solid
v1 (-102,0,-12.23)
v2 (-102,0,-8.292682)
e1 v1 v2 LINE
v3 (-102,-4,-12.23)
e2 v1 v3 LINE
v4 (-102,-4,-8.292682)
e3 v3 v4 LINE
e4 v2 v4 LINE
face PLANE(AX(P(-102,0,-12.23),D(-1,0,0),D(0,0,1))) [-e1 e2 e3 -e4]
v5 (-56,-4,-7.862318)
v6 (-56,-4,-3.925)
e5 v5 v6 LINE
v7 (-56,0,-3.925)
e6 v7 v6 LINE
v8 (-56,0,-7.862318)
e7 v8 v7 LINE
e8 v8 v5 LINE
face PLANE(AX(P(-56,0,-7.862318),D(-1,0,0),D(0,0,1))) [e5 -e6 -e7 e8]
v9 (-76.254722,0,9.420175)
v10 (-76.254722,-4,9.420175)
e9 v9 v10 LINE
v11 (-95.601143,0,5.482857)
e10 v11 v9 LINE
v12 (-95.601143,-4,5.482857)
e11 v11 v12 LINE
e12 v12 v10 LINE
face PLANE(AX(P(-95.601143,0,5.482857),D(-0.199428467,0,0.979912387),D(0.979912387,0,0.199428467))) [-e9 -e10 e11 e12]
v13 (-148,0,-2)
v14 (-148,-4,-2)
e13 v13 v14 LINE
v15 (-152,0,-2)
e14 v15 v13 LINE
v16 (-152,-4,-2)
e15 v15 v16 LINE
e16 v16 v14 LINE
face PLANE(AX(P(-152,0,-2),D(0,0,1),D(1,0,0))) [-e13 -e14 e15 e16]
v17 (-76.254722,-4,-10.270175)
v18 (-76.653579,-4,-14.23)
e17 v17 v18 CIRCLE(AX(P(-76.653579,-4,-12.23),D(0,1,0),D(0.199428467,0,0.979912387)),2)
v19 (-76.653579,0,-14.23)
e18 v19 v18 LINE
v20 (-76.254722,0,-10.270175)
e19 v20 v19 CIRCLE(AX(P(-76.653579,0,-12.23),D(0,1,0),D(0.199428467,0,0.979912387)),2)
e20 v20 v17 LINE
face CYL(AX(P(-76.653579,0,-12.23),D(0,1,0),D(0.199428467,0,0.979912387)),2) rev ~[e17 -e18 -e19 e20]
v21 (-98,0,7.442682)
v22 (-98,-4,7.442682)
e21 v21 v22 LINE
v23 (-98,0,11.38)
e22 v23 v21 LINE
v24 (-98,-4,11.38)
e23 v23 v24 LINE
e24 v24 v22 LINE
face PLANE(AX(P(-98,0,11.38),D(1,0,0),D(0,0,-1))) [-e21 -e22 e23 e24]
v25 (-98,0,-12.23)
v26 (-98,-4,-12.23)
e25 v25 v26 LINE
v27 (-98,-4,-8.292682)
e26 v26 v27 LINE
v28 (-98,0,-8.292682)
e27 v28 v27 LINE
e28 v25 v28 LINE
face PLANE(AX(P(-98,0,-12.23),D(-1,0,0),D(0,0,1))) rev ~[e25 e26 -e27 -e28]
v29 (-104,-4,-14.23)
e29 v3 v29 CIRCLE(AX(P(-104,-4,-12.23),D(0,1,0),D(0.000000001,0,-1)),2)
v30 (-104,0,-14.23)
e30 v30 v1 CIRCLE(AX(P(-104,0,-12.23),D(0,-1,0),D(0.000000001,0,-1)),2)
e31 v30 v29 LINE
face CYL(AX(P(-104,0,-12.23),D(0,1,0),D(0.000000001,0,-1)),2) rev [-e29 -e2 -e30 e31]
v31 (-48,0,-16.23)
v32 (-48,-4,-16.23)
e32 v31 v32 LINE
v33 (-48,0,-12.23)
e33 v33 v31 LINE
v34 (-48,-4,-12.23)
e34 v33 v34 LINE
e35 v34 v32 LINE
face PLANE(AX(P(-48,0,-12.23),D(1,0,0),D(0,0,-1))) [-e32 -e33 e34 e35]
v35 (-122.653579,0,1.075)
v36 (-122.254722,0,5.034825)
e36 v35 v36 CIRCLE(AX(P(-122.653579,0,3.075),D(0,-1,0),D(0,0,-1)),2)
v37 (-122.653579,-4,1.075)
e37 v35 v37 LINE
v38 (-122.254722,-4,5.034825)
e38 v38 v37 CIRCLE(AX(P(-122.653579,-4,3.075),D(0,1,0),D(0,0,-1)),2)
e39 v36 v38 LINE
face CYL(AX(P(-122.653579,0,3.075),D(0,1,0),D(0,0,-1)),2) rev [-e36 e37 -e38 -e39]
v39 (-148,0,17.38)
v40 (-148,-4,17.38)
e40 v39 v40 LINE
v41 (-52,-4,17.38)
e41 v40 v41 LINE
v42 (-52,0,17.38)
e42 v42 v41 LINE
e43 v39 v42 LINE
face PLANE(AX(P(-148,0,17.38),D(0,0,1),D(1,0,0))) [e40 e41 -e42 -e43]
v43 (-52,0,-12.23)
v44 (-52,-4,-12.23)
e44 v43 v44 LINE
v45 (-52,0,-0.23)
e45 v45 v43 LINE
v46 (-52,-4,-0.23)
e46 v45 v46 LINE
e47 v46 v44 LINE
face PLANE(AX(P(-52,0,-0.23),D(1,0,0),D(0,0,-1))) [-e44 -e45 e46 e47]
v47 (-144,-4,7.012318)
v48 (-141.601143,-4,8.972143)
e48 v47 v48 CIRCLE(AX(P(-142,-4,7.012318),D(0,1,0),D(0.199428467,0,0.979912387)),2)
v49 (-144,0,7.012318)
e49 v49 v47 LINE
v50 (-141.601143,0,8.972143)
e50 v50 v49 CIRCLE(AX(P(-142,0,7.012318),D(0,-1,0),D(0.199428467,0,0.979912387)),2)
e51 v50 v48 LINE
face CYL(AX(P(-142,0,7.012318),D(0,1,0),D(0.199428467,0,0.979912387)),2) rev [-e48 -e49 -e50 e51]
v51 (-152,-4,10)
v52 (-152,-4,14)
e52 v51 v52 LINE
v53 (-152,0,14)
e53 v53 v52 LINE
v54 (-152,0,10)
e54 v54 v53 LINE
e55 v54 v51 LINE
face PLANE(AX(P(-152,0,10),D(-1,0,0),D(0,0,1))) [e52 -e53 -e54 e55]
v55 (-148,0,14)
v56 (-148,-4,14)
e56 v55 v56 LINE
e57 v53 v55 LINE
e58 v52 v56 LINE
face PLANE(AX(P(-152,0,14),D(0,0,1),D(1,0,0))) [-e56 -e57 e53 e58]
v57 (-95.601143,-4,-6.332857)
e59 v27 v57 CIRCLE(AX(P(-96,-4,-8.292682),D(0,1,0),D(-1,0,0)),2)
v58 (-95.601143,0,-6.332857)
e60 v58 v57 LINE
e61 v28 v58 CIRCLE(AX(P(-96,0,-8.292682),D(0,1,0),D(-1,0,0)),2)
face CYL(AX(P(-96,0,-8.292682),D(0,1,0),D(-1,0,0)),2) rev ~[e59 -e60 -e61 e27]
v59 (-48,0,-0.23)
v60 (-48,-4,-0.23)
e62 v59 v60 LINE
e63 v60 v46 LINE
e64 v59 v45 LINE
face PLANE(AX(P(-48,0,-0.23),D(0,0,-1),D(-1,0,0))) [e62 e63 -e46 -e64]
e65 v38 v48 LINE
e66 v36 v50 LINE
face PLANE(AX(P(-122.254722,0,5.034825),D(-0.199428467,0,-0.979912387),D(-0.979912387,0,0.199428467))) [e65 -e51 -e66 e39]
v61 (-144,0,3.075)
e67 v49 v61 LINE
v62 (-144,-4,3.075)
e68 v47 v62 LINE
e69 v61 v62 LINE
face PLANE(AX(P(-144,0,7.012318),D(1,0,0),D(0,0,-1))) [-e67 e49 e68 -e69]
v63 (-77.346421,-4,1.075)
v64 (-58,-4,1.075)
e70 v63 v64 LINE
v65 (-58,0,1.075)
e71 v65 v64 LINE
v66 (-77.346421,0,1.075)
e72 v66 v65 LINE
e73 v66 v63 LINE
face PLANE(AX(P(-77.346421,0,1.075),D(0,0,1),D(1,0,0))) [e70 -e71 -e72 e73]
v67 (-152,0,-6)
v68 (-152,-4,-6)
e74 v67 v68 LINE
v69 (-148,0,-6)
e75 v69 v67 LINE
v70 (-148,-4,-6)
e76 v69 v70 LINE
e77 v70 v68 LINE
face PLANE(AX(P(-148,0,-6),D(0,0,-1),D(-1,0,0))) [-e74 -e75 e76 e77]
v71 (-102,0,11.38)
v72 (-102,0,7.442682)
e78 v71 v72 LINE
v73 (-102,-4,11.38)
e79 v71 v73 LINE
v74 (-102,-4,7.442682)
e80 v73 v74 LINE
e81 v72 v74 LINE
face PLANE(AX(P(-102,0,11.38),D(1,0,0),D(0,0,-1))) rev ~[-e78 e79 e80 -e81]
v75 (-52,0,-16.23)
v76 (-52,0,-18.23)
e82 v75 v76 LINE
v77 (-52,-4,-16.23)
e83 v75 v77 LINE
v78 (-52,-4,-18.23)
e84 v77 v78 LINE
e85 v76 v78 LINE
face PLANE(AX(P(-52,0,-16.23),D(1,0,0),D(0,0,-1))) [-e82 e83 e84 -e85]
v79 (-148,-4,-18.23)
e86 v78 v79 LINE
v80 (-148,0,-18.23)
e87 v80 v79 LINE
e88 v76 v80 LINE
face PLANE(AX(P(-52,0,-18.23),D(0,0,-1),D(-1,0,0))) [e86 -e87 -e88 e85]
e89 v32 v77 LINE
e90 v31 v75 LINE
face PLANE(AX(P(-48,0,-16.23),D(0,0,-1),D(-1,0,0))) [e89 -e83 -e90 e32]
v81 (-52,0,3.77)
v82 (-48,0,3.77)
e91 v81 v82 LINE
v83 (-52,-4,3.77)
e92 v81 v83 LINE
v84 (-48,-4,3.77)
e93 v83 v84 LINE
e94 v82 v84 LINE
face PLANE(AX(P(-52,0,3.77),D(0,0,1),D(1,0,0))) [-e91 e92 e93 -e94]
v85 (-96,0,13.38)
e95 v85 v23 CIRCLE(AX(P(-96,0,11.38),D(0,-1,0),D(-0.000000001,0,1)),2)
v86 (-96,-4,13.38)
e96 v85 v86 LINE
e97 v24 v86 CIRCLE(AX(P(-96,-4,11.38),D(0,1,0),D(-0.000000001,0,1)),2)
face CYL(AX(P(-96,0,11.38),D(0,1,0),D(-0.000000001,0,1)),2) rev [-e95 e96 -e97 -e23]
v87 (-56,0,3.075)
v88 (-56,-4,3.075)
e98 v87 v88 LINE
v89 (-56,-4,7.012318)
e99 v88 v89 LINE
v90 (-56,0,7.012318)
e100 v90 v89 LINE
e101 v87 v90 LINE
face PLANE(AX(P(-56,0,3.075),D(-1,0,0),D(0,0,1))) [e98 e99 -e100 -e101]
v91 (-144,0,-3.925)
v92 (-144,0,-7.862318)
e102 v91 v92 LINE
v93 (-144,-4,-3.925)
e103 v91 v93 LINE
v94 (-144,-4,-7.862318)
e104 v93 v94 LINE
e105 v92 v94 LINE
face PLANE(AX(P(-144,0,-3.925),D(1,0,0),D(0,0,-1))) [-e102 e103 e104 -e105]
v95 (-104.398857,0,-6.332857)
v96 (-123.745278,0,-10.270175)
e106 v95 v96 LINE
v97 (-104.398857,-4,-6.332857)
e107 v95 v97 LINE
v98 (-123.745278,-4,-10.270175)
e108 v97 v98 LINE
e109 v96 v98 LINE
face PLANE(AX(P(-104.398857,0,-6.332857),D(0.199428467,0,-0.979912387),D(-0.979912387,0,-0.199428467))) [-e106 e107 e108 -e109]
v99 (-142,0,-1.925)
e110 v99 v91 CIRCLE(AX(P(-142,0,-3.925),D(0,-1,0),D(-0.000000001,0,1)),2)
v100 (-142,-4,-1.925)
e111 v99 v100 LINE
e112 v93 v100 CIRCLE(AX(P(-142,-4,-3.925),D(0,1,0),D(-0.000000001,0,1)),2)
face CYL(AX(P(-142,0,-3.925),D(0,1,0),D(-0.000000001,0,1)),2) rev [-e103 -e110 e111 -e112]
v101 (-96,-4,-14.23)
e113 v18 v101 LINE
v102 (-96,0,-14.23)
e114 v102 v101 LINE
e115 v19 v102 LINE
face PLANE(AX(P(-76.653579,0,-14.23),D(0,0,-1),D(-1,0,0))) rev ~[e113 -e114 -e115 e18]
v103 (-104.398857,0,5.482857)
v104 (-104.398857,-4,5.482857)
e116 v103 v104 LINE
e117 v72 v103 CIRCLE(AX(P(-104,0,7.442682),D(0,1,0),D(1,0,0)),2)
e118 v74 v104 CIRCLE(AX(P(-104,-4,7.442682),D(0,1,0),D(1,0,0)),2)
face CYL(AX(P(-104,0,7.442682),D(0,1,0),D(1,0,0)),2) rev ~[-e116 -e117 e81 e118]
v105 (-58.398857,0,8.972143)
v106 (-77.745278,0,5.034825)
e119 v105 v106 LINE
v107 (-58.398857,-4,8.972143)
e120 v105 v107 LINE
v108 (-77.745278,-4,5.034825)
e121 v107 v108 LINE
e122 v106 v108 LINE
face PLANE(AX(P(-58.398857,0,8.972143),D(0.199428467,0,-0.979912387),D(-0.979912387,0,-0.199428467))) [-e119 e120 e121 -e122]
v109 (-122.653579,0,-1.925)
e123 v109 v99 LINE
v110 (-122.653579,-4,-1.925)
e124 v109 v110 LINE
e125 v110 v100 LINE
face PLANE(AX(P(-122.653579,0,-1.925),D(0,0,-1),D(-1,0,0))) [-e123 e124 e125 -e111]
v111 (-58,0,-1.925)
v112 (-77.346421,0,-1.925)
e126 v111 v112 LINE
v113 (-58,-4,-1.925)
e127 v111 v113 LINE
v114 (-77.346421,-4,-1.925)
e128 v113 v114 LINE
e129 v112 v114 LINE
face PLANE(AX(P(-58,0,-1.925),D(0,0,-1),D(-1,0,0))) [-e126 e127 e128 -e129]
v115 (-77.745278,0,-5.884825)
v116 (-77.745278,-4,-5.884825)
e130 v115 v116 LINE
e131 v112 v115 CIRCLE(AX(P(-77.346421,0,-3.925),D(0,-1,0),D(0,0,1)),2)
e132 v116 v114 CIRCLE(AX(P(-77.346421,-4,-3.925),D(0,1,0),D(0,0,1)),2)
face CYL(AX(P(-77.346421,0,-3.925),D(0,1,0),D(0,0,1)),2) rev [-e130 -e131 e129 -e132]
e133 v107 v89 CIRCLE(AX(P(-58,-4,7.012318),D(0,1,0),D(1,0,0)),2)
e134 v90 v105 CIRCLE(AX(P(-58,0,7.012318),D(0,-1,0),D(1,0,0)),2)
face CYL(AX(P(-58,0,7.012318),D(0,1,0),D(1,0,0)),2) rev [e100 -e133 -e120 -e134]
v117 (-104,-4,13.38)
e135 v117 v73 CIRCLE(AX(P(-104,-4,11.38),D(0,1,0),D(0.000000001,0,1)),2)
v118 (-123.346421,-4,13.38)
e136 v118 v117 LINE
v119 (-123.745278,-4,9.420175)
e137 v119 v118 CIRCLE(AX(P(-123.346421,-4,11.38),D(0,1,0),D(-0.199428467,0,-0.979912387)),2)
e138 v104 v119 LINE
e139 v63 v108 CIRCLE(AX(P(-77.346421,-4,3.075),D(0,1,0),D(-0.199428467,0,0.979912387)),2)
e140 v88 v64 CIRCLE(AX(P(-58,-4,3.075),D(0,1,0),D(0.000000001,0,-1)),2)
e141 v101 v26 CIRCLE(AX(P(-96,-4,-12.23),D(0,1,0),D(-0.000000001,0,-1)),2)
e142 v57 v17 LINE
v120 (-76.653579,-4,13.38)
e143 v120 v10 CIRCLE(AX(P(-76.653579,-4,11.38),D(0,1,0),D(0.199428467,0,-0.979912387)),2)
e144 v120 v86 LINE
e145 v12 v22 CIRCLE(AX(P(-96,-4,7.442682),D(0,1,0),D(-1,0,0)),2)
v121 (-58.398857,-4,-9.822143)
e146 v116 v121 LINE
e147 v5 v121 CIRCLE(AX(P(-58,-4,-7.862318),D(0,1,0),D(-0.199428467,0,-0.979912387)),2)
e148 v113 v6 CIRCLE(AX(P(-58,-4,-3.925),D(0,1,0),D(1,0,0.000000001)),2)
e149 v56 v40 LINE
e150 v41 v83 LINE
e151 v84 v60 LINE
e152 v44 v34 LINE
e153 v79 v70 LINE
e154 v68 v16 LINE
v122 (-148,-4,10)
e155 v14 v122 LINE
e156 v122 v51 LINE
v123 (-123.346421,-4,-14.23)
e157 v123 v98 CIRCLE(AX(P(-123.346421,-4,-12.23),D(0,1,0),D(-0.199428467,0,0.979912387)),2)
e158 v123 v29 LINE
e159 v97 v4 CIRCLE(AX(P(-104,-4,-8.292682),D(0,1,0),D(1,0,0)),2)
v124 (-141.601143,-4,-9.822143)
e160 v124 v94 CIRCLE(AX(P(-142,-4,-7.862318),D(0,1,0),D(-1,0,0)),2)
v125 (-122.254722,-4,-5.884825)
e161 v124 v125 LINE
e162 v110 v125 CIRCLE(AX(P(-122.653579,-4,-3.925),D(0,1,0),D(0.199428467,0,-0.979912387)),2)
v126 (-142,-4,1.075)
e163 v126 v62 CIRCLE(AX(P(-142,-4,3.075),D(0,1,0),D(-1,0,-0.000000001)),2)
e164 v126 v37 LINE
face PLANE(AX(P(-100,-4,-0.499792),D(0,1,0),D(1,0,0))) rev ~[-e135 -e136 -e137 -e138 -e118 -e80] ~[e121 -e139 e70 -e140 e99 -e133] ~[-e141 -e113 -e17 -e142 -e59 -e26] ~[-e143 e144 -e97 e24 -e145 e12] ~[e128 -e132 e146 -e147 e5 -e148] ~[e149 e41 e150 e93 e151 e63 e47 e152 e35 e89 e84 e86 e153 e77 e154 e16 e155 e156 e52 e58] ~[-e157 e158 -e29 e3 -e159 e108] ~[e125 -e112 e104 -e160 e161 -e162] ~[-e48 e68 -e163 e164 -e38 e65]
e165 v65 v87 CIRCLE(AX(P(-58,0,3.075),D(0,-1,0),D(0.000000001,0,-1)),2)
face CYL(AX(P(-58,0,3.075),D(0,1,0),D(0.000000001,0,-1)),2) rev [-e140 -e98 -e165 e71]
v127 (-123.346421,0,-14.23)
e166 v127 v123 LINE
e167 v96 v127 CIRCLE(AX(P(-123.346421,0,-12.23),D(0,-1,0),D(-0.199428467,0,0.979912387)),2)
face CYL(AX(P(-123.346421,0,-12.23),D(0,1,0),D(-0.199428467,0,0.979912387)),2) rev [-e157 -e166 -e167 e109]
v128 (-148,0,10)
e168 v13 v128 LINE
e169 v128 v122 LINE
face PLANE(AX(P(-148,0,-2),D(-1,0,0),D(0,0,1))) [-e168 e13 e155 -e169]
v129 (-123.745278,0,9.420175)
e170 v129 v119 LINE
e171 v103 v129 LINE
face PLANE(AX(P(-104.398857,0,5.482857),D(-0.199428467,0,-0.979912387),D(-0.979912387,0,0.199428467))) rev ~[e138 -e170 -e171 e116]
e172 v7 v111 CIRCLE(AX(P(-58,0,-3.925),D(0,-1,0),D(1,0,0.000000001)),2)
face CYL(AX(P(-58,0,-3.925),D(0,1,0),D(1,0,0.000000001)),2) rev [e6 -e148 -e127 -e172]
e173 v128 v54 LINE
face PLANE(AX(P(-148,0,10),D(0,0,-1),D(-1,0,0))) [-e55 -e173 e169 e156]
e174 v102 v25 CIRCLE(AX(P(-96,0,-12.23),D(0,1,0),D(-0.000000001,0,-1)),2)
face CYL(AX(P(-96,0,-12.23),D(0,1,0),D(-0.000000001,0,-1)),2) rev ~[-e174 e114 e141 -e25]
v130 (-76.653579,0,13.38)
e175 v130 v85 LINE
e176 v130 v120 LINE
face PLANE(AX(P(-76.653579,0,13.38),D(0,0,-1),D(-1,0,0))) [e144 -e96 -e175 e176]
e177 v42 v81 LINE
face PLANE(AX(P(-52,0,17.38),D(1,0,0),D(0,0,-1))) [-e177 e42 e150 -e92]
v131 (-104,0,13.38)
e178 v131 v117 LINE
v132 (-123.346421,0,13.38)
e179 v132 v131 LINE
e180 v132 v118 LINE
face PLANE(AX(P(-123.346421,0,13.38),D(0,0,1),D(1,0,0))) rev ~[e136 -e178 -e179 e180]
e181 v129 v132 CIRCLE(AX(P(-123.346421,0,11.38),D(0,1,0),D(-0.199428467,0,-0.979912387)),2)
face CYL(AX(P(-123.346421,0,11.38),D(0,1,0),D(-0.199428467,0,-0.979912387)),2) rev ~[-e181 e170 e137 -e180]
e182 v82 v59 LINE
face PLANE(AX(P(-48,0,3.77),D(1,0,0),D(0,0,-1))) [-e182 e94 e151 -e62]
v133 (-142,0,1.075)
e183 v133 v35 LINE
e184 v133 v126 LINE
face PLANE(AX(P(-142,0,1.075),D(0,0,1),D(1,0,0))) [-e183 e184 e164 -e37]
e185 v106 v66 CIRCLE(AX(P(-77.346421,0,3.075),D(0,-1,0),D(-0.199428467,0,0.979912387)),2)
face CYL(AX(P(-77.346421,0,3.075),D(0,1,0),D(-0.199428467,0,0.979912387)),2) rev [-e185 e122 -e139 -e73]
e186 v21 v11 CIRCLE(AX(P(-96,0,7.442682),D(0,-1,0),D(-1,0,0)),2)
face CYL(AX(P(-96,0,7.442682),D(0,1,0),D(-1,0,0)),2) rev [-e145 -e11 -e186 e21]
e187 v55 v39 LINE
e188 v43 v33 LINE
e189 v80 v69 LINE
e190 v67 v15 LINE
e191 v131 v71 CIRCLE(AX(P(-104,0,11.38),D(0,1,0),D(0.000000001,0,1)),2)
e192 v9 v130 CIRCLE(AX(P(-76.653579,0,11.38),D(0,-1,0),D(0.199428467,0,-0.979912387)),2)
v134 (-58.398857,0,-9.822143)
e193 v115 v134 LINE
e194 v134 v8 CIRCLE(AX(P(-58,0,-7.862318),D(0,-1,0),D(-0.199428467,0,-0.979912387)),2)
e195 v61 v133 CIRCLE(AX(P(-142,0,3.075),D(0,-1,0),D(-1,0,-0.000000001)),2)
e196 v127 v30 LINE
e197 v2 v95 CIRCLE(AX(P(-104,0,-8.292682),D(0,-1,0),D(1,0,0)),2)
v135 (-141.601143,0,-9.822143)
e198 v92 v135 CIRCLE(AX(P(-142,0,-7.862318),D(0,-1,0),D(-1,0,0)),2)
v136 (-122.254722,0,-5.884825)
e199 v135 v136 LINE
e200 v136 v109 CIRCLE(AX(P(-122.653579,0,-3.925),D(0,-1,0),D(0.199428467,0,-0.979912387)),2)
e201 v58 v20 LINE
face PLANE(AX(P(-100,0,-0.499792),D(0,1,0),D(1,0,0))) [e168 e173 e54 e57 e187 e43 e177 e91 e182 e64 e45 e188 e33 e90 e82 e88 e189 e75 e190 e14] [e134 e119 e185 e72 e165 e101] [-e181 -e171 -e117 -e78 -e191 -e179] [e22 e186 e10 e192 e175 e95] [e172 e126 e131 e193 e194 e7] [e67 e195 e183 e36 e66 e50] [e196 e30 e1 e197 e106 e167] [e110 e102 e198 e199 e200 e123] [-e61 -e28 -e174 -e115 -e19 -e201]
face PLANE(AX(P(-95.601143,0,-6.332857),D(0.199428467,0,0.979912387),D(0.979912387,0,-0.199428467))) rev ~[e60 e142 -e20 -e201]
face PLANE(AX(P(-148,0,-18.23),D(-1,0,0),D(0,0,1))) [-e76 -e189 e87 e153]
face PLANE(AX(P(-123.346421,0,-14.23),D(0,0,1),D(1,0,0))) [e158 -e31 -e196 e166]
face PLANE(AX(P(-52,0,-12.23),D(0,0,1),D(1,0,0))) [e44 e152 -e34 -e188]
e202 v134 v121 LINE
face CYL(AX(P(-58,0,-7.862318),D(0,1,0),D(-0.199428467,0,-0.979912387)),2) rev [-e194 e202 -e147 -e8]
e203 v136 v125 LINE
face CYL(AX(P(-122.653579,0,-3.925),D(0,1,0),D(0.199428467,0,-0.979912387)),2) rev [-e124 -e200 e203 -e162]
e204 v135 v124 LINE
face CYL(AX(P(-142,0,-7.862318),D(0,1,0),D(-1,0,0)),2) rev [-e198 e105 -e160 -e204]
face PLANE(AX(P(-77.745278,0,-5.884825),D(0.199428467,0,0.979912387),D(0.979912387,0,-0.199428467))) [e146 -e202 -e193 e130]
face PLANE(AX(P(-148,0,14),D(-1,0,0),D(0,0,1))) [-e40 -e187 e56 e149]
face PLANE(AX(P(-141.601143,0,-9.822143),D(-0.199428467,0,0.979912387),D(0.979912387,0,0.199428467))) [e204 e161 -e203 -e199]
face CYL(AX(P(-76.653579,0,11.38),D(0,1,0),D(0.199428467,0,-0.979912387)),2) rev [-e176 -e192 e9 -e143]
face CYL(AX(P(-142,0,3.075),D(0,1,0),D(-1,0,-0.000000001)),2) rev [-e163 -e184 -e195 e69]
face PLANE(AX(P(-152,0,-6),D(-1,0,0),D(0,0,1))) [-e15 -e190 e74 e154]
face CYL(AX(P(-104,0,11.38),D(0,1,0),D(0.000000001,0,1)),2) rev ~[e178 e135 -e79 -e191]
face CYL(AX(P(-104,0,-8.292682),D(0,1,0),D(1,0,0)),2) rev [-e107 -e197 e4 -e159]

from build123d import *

# Parameters (mm, degrees)
BOSS_EXTRUDE1_DEPTH = 4
CUT_EXTRUDE1_DEPTH  = 10


with BuildPart() as part:
    # Sketch1 → Boss-Extrude1 (new body)
    with BuildSketch(Plane(origin=(0, 0, 0), x_dir=(1, 0, 0), z_dir=(0, 1, 0))):
        Polygon((-148, 18.23), (-148, 6), (-152, 6), (-152, 2), (-148, 2), (-148, -10), (-152, -10), (-152, -14), (-148, -14), (-148, -17.38), (-52, -17.38), (-52, -3.77), (-48, -3.77), (-48, 0.23), (-52, 0.23), (-52, 12.23), (-48, 12.23), (-48, 16.23), (-52, 16.23), (-52, 18.23), align=None)
    extrude(amount=-BOSS_EXTRUDE1_DEPTH)

    # Sketch2 → Cut-Extrude1 (cut)
    with BuildSketch(Plane(origin=(0, 0, 0), x_dir=(1, 0, 0), z_dir=(0, 1, 0))):
        with BuildLine():
            ThreePointArc((-144, 7.862318396), (-143.26536282, 9.411142768), (-141.601143065, 9.822143171))
            Line((-141.601143065, 9.822143171), (-122.254722174, 5.884824774))
            ThreePointArc((-122.254722174, 5.884824774), (-120.663648262, 3.724562414), (-122.653579109, 1.925))
            Line((-122.653579109, 1.925), (-142, 1.925))
            ThreePointArc((-142, 1.925), (-143.414213562, 2.510786438), (-144, 3.925))
            Line((-144, 3.925), (-144, 7.862318396))
        make_face()
        with BuildLine():
            Line((-123.346420891, 14.23), (-104, 14.23))
            ThreePointArc((-104, 14.23), (-102.585786438, 13.644213562), (-102, 12.23))
            Line((-102, 12.23), (-102, 8.292681604))
            ThreePointArc((-102, 8.292681604), (-102.73463718, 6.743857232), (-104.398856935, 6.332856829))
            Line((-104.398856935, 6.332856829), (-123.745277826, 10.270175226))
            ThreePointArc((-123.745277826, 10.270175226), (-125.336351738, 12.430437586), (-123.346420891, 14.23))
        make_face()
        with BuildLine():
            Line((-98, 12.23), (-98, 8.292681604))
            ThreePointArc((-98, 8.292681604), (-97.26536282, 6.743857232), (-95.601143065, 6.332856829))
            Line((-95.601143065, 6.332856829), (-76.254722174, 10.270175226))
            ThreePointArc((-76.254722174, 10.270175226), (-74.663648262, 12.430437586), (-76.653579109, 14.23))
            Line((-76.653579109, 14.23), (-96, 14.23))
            ThreePointArc((-96, 14.23), (-97.414213562, 13.644213562), (-98, 12.23))
        make_face()
        with BuildLine():
            ThreePointArc((-56, 3.925), (-56.585786438, 2.510786438), (-58, 1.925))
            Line((-58, 1.925), (-77.346420891, 1.925))
            ThreePointArc((-77.346420891, 1.925), (-79.336351738, 3.724562414), (-77.745277826, 5.884824774))
            Line((-77.745277826, 5.884824774), (-58.398856935, 9.822143171))
            ThreePointArc((-58.398856935, 9.822143171), (-56.73463718, 9.411142768), (-56, 7.862318396))
            Line((-56, 7.862318396), (-56, 3.925))
        make_face()
        with BuildLine():
            ThreePointArc((-56, -7.012318396), (-56.73463718, -8.561142768), (-58.398856935, -8.972143171))
            Line((-58.398856935, -8.972143171), (-77.745277826, -5.034824774))
            ThreePointArc((-77.745277826, -5.034824774), (-79.336351738, -2.874562414), (-77.346420891, -1.075))
            Line((-77.346420891, -1.075), (-58, -1.075))
            ThreePointArc((-58, -1.075), (-56.585786438, -1.660786438), (-56, -3.075))
            Line((-56, -3.075), (-56, -7.012318396))
        make_face()
        with BuildLine():
            Line((-76.653579109, -13.38), (-96, -13.38))
            ThreePointArc((-96, -13.38), (-97.414213562, -12.794213562), (-98, -11.38))
            Line((-98, -11.38), (-98, -7.442681604))
            ThreePointArc((-98, -7.442681604), (-97.26536282, -5.893857232), (-95.601143065, -5.482856829))
            Line((-95.601143065, -5.482856829), (-76.254722174, -9.420175226))
            ThreePointArc((-76.254722174, -9.420175226), (-74.663648262, -11.580437586), (-76.653579109, -13.38))
        make_face()
        with BuildLine():
            ThreePointArc((-144, -3.075), (-143.414213562, -1.660786438), (-142, -1.075))
            Line((-142, -1.075), (-122.653579109, -1.075))
            ThreePointArc((-122.653579109, -1.075), (-120.663648262, -2.874562414), (-122.254722174, -5.034824774))
            Line((-122.254722174, -5.034824774), (-141.601143065, -8.972143171))
            ThreePointArc((-141.601143065, -8.972143171), (-143.26536282, -8.561142768), (-144, -7.012318396))
            Line((-144, -7.012318396), (-144, -3.075))
        make_face()
        with BuildLine():
            Line((-104.398856935, -5.482856829), (-123.745277826, -9.420175226))
            ThreePointArc((-123.745277826, -9.420175226), (-125.336351738, -11.580437586), (-123.346420891, -13.38))
            Line((-123.346420891, -13.38), (-104, -13.38))
            ThreePointArc((-104, -13.38), (-102.585786438, -12.794213562), (-102, -11.38))
            Line((-102, -11.38), (-102, -7.442681604))
            ThreePointArc((-102, -7.442681604), (-102.73463718, -5.893857232), (-104.398856935, -5.482856829))
        make_face()
    extrude(amount=-CUT_EXTRUDE1_DEPTH, mode=Mode.SUBTRACT)


solid = part.part
